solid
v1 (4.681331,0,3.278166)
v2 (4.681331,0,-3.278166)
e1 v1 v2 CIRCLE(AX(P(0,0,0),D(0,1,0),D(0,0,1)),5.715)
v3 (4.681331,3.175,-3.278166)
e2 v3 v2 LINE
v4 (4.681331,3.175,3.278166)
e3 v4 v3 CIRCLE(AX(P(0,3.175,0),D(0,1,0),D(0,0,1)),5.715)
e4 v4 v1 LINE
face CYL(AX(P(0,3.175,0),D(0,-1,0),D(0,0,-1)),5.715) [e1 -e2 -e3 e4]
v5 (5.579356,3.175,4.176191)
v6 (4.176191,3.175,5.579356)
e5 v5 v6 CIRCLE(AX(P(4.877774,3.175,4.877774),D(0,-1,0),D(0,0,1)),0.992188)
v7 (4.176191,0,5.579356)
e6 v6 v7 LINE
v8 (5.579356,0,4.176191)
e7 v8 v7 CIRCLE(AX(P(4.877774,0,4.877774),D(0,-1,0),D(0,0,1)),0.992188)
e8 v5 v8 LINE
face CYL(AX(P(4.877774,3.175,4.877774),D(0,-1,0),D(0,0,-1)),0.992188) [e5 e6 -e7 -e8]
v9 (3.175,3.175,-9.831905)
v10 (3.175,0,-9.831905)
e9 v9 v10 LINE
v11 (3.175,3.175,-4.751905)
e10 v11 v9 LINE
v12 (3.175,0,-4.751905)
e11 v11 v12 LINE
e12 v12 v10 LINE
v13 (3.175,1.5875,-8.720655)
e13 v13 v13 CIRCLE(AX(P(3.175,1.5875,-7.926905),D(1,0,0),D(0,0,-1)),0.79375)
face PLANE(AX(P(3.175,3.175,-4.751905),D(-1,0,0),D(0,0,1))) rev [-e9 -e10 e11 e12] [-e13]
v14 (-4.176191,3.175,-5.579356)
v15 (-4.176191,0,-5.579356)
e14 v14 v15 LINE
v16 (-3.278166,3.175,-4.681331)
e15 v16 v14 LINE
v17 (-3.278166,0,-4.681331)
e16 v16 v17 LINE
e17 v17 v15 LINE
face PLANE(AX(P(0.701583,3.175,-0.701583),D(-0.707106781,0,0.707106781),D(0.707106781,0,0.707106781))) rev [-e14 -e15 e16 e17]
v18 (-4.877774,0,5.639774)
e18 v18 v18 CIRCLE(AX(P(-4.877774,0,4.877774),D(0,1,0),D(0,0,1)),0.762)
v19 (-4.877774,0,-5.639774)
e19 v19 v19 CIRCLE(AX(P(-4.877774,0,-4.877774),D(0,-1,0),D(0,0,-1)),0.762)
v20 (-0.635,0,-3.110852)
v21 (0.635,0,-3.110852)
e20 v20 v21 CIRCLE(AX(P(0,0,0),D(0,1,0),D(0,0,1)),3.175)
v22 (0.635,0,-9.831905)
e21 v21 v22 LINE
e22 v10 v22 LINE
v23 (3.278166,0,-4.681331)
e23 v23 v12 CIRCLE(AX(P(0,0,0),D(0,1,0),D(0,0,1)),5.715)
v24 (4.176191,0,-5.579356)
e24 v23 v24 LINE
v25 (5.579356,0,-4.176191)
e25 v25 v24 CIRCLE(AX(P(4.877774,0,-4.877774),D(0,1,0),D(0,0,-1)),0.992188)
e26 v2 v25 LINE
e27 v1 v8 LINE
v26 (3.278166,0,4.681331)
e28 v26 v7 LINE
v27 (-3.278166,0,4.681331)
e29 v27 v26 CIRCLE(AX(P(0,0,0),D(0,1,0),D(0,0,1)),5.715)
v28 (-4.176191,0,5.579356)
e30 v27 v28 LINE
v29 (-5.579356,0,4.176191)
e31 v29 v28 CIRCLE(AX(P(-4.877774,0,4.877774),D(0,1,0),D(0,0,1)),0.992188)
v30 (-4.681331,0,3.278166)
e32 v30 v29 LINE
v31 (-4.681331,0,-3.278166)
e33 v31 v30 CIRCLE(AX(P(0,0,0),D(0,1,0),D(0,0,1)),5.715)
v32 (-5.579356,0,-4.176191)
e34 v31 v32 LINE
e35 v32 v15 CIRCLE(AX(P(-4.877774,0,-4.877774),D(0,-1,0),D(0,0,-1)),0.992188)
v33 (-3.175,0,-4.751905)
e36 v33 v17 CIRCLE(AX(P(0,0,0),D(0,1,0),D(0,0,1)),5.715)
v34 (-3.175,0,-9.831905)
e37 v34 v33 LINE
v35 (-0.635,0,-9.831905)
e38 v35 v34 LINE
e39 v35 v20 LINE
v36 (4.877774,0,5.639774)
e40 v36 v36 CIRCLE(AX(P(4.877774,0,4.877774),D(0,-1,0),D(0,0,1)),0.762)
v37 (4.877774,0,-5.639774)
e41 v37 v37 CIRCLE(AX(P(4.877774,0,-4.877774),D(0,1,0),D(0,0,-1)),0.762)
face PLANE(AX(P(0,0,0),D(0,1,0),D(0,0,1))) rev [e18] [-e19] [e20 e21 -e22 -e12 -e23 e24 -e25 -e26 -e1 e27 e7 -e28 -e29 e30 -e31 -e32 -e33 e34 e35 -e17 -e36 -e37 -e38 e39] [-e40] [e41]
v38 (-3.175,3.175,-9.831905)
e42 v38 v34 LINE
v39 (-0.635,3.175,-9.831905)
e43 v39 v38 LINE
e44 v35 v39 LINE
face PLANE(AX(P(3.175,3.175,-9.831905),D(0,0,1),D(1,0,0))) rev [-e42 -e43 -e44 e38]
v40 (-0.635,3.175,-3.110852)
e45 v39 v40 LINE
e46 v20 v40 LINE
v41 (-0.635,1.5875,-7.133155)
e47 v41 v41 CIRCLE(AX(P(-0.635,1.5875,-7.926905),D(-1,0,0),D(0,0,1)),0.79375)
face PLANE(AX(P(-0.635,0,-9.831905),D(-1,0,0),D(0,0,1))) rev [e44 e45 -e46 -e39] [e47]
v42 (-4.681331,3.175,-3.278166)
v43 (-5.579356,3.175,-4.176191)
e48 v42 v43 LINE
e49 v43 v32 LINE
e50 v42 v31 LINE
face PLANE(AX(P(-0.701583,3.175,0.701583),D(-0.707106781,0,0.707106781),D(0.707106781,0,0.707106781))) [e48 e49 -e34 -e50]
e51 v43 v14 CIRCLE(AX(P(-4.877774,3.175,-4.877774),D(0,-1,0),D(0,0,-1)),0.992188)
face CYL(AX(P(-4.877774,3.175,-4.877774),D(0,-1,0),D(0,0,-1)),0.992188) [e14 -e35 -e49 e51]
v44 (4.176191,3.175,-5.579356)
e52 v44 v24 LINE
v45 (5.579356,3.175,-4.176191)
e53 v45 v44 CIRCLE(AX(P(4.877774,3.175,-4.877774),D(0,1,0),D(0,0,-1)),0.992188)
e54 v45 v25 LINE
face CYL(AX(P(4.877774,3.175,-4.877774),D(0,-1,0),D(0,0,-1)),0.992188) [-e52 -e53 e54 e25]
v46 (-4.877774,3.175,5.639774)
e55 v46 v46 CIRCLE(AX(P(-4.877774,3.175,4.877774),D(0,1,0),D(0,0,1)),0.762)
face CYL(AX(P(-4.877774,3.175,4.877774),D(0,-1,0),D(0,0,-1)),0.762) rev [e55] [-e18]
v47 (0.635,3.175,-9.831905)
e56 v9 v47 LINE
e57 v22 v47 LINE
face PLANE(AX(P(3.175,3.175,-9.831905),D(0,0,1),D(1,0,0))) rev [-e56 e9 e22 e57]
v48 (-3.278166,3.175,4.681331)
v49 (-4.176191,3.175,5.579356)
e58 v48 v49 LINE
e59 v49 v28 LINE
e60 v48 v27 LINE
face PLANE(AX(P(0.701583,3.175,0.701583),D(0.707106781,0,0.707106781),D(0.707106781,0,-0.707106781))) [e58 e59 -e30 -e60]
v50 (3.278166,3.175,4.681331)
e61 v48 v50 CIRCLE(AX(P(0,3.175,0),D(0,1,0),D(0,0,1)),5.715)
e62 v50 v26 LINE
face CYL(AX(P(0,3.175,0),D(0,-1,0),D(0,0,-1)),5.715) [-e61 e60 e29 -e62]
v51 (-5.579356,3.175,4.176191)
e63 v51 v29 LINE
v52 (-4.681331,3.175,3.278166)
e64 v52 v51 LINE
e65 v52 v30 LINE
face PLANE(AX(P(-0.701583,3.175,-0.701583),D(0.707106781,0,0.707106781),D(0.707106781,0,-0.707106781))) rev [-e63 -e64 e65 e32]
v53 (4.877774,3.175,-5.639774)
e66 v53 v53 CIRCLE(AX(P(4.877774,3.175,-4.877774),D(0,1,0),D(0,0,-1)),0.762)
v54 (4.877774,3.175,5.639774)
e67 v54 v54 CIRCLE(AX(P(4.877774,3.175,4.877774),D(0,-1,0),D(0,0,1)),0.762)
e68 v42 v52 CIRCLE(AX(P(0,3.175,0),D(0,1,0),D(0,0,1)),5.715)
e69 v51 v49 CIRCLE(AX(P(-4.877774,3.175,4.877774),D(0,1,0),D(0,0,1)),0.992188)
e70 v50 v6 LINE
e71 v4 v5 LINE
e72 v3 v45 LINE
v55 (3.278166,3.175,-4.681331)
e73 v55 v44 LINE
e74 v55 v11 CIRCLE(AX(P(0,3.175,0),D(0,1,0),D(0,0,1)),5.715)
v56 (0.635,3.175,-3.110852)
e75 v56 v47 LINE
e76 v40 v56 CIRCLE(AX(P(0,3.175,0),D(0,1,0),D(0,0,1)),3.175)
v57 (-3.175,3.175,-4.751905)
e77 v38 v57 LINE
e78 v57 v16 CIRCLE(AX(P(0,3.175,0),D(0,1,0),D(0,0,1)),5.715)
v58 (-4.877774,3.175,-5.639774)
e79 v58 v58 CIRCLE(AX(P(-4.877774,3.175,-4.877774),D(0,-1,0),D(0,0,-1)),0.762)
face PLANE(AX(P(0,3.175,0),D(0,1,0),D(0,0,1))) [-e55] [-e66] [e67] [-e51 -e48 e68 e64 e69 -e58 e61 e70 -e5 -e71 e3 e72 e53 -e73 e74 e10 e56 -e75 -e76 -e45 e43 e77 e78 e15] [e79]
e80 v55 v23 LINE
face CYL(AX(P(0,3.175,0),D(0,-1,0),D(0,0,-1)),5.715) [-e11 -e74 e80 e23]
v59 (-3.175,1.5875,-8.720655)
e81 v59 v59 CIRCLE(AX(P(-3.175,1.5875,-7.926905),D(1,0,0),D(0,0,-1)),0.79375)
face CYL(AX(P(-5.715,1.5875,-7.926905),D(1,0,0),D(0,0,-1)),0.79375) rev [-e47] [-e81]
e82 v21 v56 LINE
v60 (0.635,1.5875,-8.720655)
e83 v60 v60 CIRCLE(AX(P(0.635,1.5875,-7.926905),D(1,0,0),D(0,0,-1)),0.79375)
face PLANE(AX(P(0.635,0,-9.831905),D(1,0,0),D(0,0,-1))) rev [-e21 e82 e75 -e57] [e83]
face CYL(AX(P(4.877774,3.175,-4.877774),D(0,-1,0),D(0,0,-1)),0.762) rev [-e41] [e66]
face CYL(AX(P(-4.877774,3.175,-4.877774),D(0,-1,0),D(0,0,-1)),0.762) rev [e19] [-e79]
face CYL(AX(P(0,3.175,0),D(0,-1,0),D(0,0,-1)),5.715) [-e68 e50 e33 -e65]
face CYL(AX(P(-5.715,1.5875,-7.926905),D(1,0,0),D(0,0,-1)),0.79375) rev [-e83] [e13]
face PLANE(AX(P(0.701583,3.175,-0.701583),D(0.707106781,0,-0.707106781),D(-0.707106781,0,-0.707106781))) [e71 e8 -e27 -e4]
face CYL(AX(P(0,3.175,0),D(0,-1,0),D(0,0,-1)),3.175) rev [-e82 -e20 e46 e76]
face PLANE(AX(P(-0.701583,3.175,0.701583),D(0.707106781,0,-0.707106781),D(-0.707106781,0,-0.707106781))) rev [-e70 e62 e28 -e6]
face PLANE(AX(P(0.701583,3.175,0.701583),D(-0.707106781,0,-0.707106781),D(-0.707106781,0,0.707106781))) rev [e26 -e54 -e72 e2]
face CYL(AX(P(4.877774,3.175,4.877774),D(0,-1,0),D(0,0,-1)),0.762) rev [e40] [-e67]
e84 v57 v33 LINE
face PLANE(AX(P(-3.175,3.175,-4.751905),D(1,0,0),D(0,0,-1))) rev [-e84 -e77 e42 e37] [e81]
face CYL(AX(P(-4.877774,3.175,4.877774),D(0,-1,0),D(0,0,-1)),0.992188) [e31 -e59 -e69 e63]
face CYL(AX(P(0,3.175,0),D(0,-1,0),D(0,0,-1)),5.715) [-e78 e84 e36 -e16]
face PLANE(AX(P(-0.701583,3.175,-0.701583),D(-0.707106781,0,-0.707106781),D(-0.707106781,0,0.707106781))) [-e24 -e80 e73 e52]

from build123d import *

# Parameters (mm, degrees)
SKETCH1_R                                  = 3.175
BOSS_EXTRUDE1_DEPTH                        = 3.175
SKETCH3_W                                  = 1.27
SKETCH3_H                                  = 6.721052908
CUT_EXTRUDE1_DEPTH                         = 3.175
SKETCH4_R                                  = 0.79375
CUT_EXTRUDE2_DEPTH                         = 9.89
SKETCH5_R                                  = 0.762
BOSS_EXTRUDE2_DEPTH                        = 3.175
MIRROR1_AT_THE_SECOND_PLANE_COPY_1_SKETC_R = 0.762
MIRROR1_AT_THE_SECOND_PLANE_COPY_1_DEPTH   = 3.175


with BuildPart() as part:
    # Sketch1 → Boss-Extrude1 (new body)
    with BuildSketch(Plane(origin=(0, 0, 0), x_dir=(1, 0, 0), z_dir=(0, 1, 0))):
        with BuildLine():
            Line((3.175, 4.751904881), (3.175, 9.831904881))
            Line((3.175, 9.831904881), (-3.175, 9.831904881))
            Line((-3.175, 9.831904881), (-3.175, 4.751904881))
            ThreePointArc((-3.175, 4.751904881), (0, -5.715), (3.175, 4.751904881))
        make_face()
        Circle(SKETCH1_R, mode=Mode.SUBTRACT)
    extrude(amount=BOSS_EXTRUDE1_DEPTH)

    # Sketch3 → Cut-Extrude1 (cut)
    with BuildSketch(Plane(origin=(0, 3.175, 0), x_dir=(1, 0, 0), z_dir=(0, 1, 0))):
        with Locations((0, 6.471378427)):
            Rectangle(SKETCH3_W, SKETCH3_H)
    extrude(amount=-CUT_EXTRUDE1_DEPTH, mode=Mode.SUBTRACT)

    # Sketch4 → Cut-Extrude2 (cut, through all)
    with BuildSketch(Plane(origin=(3.175, 0, 0), x_dir=(0, 0, -1), z_dir=(1, 0, 0))):
        with Locations((7.926904881, 1.5875)):
            Circle(SKETCH4_R)
    extrude(amount=-CUT_EXTRUDE2_DEPTH, mode=Mode.SUBTRACT)

    # Sketch5 → Boss-Extrude2 (add)
    with BuildSketch(Plane.XZ):
        with BuildLine():
            Line((-4.176191145, -5.579356164), (-3.278165533, -4.681330552))
            ThreePointArc((-3.278165533, -4.681330552), (-4.041115254, -4.041115254), (-4.681330552, -3.278165533))
            Line((-4.681330552, -3.278165533), (-5.579356164, -4.176191145))
            ThreePointArc((-5.579356164, -4.176191145), (-5.579356164, -5.579356164), (-4.176191145, -5.579356164))
        make_face()
        with Locations((-4.877773655, -4.877773655)):
            Circle(SKETCH5_R, mode=Mode.SUBTRACT)
    boss_extrude2 = extrude(amount=-BOSS_EXTRUDE2_DEPTH)

    # Mirror1: Boss-Extrude2 across plane
    add(boss_extrude2.mirror(Plane(origin=(0, 0, 0), x_dir=(0, 0, 1), z_dir=(1, 0, 0))))

    # Mirror1 at the second plane: Boss-Extrude2 across plane
    add(boss_extrude2.mirror(Plane.XY))

    # Mirror1 at the second plane copy 1 sketc → Mirror1 at the second plane copy 1 (add)
    with BuildSketch(Plane(origin=(0, 0, 0), x_dir=(-1, 0, 0), z_dir=(0, -1, 0))):
        with BuildLine():
            Line((-4.176191145, -5.579356164), (-3.278165533, -4.681330552))
            ThreePointArc((-3.278165533, -4.681330552), (-4.041115254, -4.041115254), (-4.681330552, -3.278165533))
            Line((-4.681330552, -3.278165533), (-5.579356164, -4.176191145))
            ThreePointArc((-5.579356164, -4.176191145), (-5.579356164, -5.579356164), (-4.176191145, -5.579356164))
        make_face()
        with Locations((-4.877773655, -4.877773655)):
            Circle(MIRROR1_AT_THE_SECOND_PLANE_COPY_1_SKETC_R, mode=Mode.SUBTRACT)
    extrude(amount=-MIRROR1_AT_THE_SECOND_PLANE_COPY_1_DEPTH)


solid = part.part
